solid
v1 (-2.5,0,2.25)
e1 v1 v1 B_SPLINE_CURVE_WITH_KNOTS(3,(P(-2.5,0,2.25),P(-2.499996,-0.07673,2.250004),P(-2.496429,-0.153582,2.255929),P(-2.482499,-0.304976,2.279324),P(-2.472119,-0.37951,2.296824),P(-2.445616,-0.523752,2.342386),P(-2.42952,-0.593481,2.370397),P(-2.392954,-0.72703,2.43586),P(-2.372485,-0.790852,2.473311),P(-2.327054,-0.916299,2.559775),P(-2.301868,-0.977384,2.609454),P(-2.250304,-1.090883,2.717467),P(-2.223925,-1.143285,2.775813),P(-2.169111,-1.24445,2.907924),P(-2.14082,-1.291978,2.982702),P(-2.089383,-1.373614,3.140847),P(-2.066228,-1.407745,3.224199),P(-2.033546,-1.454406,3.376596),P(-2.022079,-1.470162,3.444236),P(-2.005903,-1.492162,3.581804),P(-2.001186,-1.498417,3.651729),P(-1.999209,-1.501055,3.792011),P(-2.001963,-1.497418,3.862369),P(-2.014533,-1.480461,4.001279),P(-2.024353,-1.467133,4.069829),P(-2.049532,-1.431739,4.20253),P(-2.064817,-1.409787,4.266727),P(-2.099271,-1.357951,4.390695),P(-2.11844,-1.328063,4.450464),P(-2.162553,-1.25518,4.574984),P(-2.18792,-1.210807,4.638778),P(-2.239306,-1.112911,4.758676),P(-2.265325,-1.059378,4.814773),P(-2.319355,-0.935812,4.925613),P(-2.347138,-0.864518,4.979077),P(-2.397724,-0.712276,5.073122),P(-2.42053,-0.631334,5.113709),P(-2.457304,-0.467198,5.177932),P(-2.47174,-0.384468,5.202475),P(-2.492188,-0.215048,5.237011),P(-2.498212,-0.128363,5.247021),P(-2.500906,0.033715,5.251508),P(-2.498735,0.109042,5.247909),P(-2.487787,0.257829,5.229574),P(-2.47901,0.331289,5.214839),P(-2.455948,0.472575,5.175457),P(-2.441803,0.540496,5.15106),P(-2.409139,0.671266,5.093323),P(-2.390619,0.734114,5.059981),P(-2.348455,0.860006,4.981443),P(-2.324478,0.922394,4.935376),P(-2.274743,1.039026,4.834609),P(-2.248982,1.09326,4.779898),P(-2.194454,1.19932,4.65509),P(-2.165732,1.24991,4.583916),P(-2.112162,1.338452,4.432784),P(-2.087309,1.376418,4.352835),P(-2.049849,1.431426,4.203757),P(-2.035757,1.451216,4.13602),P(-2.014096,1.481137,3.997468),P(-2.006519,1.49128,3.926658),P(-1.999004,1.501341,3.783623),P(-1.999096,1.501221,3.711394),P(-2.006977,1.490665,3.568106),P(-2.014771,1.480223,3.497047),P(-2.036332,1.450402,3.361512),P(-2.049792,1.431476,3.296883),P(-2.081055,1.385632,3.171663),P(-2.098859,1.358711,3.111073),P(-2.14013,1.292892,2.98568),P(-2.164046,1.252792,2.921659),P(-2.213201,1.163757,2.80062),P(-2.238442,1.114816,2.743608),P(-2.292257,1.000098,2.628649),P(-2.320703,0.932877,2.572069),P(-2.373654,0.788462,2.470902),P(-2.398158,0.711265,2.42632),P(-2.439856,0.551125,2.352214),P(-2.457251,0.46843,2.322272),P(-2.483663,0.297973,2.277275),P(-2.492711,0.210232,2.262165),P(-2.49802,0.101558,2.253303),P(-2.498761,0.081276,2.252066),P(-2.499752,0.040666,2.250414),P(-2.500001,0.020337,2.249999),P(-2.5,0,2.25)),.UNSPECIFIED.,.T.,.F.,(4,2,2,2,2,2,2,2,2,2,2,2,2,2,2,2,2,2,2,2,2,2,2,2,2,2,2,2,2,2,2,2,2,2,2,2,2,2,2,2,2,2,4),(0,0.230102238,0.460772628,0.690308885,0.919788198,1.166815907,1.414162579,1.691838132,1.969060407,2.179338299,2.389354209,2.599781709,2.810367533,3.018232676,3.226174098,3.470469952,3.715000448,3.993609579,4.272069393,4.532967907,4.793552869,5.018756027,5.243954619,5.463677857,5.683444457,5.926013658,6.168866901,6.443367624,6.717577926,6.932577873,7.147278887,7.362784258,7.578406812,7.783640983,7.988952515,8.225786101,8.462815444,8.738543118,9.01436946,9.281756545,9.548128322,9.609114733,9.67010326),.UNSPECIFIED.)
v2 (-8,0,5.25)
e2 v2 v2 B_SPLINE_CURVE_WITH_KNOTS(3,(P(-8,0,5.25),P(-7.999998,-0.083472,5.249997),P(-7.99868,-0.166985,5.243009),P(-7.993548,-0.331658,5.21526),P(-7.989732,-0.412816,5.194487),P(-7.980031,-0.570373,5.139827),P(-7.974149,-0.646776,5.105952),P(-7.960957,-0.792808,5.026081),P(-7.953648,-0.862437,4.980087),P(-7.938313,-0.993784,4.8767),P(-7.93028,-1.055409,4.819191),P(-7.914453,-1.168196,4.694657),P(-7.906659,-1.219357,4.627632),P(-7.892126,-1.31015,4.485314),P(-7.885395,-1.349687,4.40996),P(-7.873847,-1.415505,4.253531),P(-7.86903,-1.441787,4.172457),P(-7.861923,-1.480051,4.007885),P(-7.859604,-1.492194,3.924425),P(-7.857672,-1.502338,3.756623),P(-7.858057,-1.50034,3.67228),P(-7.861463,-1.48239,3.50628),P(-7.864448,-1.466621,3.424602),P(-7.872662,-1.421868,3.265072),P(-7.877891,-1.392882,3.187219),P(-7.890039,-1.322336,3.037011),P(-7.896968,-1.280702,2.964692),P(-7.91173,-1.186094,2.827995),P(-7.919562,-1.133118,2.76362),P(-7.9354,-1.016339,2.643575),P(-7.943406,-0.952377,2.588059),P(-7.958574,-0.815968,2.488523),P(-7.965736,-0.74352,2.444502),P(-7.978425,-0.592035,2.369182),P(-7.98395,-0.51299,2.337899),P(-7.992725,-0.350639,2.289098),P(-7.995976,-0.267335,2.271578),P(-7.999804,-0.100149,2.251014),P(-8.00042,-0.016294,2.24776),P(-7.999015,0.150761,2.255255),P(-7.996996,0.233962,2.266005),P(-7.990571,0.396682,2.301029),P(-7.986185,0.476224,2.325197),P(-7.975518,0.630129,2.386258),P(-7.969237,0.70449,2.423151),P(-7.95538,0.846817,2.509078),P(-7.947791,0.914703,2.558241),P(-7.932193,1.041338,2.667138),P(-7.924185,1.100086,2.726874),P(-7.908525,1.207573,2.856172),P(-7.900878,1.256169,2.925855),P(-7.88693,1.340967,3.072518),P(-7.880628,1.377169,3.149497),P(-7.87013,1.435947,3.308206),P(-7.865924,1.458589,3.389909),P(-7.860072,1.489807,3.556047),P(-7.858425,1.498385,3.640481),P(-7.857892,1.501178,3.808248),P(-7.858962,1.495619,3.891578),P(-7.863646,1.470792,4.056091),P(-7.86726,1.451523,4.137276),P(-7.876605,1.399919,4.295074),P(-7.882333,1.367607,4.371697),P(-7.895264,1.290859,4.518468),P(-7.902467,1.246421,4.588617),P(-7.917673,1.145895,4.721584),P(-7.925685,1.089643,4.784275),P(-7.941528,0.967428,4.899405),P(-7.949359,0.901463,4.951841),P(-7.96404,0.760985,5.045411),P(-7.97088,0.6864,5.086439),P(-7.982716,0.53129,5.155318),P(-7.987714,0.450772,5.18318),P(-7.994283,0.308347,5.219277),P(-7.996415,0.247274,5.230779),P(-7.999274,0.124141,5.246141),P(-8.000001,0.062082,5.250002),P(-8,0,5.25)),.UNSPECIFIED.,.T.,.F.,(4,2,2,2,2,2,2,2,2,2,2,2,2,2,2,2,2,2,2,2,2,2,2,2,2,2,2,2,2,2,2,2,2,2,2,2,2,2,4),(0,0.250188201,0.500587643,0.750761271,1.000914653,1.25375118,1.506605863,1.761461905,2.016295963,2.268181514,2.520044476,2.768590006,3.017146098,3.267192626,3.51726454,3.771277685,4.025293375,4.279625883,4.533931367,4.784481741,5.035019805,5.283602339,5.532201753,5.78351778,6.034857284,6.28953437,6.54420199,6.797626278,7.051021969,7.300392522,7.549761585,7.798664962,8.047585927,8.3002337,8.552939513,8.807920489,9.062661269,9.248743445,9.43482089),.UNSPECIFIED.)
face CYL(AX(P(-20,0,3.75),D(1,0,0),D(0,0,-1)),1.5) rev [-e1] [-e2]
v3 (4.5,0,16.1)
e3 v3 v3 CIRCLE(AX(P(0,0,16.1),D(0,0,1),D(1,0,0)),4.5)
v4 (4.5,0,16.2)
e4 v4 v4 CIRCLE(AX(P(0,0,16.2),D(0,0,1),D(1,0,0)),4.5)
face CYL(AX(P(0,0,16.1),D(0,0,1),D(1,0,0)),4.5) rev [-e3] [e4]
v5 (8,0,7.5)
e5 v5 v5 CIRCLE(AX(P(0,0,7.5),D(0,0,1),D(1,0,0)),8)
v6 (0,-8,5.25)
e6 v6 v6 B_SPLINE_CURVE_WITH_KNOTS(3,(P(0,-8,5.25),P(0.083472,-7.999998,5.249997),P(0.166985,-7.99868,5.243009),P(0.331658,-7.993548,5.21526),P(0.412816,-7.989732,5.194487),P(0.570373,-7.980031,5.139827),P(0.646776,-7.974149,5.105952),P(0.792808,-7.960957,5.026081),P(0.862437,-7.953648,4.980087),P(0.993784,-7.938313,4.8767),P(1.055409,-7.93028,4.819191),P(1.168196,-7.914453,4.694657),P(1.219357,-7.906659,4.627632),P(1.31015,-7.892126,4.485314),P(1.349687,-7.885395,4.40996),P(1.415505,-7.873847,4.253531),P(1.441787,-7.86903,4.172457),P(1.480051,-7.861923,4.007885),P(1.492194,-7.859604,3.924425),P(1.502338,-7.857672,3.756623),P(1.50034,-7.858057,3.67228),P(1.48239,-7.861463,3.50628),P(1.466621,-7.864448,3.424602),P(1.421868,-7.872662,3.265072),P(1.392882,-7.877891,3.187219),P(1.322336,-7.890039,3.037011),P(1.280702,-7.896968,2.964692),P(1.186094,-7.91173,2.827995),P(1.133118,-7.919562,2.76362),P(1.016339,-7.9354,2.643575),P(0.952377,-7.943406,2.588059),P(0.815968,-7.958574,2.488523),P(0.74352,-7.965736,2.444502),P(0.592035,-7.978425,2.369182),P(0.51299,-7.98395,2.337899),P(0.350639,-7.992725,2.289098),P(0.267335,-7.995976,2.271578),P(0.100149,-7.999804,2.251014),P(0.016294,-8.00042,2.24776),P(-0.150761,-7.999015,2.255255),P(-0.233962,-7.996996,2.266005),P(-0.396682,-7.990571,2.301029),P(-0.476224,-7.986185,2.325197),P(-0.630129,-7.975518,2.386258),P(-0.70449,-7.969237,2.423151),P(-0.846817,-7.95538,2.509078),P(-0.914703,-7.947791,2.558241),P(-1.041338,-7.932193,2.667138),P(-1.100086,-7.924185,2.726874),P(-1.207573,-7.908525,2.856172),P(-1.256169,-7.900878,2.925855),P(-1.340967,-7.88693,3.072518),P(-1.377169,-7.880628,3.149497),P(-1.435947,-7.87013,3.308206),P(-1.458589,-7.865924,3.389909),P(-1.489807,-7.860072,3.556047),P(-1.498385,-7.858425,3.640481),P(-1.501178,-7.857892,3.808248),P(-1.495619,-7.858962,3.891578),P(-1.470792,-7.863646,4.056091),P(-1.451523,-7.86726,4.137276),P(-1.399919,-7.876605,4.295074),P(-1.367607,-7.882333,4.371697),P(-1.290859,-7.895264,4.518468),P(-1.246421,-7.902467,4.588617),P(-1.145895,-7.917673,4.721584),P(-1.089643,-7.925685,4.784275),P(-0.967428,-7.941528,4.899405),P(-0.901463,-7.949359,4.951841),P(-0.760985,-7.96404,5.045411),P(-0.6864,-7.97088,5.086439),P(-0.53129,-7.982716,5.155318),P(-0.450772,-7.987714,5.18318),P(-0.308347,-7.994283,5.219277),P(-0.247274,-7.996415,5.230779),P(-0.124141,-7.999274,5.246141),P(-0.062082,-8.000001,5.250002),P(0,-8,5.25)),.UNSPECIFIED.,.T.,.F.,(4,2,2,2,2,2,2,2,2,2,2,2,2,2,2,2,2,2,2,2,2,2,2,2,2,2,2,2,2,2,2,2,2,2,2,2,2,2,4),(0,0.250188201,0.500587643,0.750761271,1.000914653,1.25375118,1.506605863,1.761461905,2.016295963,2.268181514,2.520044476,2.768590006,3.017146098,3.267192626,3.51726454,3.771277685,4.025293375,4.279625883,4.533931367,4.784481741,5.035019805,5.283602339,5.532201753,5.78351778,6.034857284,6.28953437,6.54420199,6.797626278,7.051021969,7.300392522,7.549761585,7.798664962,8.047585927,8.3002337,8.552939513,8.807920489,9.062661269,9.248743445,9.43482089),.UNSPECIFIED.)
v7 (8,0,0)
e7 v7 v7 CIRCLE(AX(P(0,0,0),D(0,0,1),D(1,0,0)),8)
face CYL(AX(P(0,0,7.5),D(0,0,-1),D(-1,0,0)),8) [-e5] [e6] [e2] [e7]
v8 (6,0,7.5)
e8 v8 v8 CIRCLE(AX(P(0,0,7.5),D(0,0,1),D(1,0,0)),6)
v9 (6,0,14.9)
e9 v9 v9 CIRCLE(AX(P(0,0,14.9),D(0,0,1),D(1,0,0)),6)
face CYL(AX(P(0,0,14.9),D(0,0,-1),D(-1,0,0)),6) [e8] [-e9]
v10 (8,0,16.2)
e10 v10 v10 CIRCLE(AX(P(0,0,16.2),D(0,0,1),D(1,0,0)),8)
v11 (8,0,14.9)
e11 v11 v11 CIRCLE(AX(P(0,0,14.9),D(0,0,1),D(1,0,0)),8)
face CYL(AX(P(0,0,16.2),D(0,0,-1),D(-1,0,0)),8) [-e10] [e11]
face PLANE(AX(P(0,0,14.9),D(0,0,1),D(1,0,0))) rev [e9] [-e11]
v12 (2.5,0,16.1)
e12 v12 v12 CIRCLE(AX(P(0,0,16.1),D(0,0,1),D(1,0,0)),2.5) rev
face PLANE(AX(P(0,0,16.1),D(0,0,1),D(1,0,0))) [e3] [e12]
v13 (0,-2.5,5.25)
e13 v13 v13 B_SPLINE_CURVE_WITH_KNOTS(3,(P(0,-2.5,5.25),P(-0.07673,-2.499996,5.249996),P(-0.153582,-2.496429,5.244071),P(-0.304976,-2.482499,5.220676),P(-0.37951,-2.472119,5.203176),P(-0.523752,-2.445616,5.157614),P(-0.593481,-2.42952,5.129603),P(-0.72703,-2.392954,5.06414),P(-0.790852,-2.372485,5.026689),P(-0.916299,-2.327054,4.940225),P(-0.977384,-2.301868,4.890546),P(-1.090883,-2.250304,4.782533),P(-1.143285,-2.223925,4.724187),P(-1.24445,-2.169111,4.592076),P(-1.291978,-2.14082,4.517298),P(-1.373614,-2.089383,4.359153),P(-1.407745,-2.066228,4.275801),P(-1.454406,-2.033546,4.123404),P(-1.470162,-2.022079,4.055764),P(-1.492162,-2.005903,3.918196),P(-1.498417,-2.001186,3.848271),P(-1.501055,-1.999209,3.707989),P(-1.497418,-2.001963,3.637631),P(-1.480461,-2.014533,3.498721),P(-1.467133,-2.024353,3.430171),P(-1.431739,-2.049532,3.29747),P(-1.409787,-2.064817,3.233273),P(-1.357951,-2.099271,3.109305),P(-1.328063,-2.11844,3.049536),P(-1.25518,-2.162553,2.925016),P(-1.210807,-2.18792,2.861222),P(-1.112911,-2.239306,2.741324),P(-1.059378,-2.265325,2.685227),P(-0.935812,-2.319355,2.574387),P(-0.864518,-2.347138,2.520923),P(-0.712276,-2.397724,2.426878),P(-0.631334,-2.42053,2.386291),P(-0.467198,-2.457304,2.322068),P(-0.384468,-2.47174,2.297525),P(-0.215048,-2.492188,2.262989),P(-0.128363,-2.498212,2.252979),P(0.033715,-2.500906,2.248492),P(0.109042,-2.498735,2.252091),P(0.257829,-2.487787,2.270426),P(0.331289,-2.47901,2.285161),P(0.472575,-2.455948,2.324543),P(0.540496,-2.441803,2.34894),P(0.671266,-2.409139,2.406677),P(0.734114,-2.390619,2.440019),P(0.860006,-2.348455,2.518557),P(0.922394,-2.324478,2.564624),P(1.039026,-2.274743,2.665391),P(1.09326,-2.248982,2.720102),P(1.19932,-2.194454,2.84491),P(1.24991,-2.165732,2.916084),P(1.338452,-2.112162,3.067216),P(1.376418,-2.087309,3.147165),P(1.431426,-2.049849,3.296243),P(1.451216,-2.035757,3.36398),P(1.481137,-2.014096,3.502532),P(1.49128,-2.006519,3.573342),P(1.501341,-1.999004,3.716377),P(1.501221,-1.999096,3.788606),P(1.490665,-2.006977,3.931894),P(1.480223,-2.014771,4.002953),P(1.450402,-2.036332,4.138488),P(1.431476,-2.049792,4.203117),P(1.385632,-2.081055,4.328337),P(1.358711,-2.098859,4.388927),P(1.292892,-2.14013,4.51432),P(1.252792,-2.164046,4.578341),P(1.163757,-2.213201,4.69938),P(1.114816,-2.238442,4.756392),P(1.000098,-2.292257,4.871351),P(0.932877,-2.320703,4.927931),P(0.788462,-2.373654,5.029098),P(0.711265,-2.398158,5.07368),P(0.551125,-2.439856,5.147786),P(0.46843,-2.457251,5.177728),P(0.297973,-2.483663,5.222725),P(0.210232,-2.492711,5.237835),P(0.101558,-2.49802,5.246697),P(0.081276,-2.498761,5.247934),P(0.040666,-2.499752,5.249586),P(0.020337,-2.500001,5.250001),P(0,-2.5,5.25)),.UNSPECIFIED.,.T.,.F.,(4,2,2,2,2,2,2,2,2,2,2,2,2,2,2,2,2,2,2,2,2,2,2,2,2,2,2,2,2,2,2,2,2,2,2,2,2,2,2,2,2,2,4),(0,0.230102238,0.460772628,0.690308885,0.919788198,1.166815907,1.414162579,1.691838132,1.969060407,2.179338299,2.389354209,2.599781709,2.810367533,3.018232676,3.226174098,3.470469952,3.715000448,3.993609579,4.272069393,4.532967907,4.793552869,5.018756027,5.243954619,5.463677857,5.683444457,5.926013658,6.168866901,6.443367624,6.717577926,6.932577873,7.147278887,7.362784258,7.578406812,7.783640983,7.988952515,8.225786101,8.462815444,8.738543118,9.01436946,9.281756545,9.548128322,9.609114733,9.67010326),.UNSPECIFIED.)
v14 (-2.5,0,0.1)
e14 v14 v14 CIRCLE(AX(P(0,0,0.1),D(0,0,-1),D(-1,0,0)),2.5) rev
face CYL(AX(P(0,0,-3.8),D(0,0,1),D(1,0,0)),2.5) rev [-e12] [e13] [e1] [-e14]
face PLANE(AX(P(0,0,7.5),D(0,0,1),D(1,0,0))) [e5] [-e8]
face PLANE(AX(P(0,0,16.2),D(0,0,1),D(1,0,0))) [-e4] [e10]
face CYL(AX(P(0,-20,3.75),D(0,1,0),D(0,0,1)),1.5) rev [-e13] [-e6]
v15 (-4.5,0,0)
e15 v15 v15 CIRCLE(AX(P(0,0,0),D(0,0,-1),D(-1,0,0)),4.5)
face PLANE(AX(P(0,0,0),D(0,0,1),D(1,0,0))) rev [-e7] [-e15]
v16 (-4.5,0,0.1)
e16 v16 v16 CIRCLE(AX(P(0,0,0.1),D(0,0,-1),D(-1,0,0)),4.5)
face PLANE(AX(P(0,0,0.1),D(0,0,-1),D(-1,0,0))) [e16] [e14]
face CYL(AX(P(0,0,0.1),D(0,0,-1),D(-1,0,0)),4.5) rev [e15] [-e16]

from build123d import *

# Parameters (mm, degrees)
SKETCH1_R           = 8
BOSS_EXTRUDE1_DEPTH = 7.5
SKETCH2_R           = 6
BOSS_EXTRUDE2_DEPTH = 7.4
SKETCH3_R           = 8
BOSS_EXTRUDE3_DEPTH = 1.3
SKETCH4_R           = 2.5
CUT_EXTRUDE1_DEPTH  = 20
SKETCH5_R           = 4.5
CUT_EXTRUDE2_DEPTH  = 0.1
CUT_EXTRUDE3_START  = -0.1
SKETCH6_R           = 4.5
CUT_EXTRUDE3_DEPTH  = 0.1
SKETCH7_R           = 1.5
CUT_EXTRUDE4_DEPTH  = 20
SKETCH8_R           = 1.5
CUT_EXTRUDE5_DEPTH  = 20


with BuildPart() as part:
    # Sketch1 → Boss-Extrude1 (new body)
    with BuildSketch(Plane.XY):
        Circle(SKETCH1_R)
    extrude(amount=BOSS_EXTRUDE1_DEPTH)

    # Sketch2 → Boss-Extrude2 (add)
    with BuildSketch(Plane.XY.offset(7.5)):
        Circle(SKETCH2_R)
    extrude(amount=BOSS_EXTRUDE2_DEPTH)

    # Sketch3 → Boss-Extrude3 (add)
    with BuildSketch(Plane.XY.offset(14.9)):
        Circle(SKETCH3_R)
    extrude(amount=BOSS_EXTRUDE3_DEPTH)

    # Sketch4 → Cut-Extrude1 (cut)
    with BuildSketch(Plane.XY.offset(16.2)):
        Circle(SKETCH4_R)
    extrude(amount=-CUT_EXTRUDE1_DEPTH, mode=Mode.SUBTRACT)

    # Sketch5 → Cut-Extrude2 (cut)
    with BuildSketch(Plane.XY.offset(16.2)):
        Circle(SKETCH5_R)
    extrude(amount=-CUT_EXTRUDE2_DEPTH, mode=Mode.SUBTRACT)

    # Sketch6 → Cut-Extrude3 (cut)
    with BuildSketch(Plane(origin=(0, 0, 0), x_dir=(-1, 0, 0), z_dir=(0, 0, -1)).offset(CUT_EXTRUDE3_START)):
        with Locations(Location((0, 0, 0), (0, 0, 180))):
            Circle(SKETCH6_R)
    extrude(amount=CUT_EXTRUDE3_DEPTH, mode=Mode.SUBTRACT)

    # Sketch7 → Cut-Extrude4 (cut)
    with BuildSketch(Plane(origin=(0, 0, 0), x_dir=(0, 0, -1), z_dir=(1, 0, 0))):
        with Locations((-3.75, 0)):
            Circle(SKETCH7_R)
    extrude(amount=-CUT_EXTRUDE4_DEPTH, mode=Mode.SUBTRACT)

    # Sketch8 → Cut-Extrude5 (cut)
    with BuildSketch(Plane(origin=(0, 0, 0), x_dir=(1, 0, 0), z_dir=(0, 1, 0))):
        with Locations(Location((0, -3.75, 0), (0, 0, 270))):
            Circle(SKETCH8_R)
    extrude(amount=-CUT_EXTRUDE5_DEPTH, mode=Mode.SUBTRACT)


solid = part.part
